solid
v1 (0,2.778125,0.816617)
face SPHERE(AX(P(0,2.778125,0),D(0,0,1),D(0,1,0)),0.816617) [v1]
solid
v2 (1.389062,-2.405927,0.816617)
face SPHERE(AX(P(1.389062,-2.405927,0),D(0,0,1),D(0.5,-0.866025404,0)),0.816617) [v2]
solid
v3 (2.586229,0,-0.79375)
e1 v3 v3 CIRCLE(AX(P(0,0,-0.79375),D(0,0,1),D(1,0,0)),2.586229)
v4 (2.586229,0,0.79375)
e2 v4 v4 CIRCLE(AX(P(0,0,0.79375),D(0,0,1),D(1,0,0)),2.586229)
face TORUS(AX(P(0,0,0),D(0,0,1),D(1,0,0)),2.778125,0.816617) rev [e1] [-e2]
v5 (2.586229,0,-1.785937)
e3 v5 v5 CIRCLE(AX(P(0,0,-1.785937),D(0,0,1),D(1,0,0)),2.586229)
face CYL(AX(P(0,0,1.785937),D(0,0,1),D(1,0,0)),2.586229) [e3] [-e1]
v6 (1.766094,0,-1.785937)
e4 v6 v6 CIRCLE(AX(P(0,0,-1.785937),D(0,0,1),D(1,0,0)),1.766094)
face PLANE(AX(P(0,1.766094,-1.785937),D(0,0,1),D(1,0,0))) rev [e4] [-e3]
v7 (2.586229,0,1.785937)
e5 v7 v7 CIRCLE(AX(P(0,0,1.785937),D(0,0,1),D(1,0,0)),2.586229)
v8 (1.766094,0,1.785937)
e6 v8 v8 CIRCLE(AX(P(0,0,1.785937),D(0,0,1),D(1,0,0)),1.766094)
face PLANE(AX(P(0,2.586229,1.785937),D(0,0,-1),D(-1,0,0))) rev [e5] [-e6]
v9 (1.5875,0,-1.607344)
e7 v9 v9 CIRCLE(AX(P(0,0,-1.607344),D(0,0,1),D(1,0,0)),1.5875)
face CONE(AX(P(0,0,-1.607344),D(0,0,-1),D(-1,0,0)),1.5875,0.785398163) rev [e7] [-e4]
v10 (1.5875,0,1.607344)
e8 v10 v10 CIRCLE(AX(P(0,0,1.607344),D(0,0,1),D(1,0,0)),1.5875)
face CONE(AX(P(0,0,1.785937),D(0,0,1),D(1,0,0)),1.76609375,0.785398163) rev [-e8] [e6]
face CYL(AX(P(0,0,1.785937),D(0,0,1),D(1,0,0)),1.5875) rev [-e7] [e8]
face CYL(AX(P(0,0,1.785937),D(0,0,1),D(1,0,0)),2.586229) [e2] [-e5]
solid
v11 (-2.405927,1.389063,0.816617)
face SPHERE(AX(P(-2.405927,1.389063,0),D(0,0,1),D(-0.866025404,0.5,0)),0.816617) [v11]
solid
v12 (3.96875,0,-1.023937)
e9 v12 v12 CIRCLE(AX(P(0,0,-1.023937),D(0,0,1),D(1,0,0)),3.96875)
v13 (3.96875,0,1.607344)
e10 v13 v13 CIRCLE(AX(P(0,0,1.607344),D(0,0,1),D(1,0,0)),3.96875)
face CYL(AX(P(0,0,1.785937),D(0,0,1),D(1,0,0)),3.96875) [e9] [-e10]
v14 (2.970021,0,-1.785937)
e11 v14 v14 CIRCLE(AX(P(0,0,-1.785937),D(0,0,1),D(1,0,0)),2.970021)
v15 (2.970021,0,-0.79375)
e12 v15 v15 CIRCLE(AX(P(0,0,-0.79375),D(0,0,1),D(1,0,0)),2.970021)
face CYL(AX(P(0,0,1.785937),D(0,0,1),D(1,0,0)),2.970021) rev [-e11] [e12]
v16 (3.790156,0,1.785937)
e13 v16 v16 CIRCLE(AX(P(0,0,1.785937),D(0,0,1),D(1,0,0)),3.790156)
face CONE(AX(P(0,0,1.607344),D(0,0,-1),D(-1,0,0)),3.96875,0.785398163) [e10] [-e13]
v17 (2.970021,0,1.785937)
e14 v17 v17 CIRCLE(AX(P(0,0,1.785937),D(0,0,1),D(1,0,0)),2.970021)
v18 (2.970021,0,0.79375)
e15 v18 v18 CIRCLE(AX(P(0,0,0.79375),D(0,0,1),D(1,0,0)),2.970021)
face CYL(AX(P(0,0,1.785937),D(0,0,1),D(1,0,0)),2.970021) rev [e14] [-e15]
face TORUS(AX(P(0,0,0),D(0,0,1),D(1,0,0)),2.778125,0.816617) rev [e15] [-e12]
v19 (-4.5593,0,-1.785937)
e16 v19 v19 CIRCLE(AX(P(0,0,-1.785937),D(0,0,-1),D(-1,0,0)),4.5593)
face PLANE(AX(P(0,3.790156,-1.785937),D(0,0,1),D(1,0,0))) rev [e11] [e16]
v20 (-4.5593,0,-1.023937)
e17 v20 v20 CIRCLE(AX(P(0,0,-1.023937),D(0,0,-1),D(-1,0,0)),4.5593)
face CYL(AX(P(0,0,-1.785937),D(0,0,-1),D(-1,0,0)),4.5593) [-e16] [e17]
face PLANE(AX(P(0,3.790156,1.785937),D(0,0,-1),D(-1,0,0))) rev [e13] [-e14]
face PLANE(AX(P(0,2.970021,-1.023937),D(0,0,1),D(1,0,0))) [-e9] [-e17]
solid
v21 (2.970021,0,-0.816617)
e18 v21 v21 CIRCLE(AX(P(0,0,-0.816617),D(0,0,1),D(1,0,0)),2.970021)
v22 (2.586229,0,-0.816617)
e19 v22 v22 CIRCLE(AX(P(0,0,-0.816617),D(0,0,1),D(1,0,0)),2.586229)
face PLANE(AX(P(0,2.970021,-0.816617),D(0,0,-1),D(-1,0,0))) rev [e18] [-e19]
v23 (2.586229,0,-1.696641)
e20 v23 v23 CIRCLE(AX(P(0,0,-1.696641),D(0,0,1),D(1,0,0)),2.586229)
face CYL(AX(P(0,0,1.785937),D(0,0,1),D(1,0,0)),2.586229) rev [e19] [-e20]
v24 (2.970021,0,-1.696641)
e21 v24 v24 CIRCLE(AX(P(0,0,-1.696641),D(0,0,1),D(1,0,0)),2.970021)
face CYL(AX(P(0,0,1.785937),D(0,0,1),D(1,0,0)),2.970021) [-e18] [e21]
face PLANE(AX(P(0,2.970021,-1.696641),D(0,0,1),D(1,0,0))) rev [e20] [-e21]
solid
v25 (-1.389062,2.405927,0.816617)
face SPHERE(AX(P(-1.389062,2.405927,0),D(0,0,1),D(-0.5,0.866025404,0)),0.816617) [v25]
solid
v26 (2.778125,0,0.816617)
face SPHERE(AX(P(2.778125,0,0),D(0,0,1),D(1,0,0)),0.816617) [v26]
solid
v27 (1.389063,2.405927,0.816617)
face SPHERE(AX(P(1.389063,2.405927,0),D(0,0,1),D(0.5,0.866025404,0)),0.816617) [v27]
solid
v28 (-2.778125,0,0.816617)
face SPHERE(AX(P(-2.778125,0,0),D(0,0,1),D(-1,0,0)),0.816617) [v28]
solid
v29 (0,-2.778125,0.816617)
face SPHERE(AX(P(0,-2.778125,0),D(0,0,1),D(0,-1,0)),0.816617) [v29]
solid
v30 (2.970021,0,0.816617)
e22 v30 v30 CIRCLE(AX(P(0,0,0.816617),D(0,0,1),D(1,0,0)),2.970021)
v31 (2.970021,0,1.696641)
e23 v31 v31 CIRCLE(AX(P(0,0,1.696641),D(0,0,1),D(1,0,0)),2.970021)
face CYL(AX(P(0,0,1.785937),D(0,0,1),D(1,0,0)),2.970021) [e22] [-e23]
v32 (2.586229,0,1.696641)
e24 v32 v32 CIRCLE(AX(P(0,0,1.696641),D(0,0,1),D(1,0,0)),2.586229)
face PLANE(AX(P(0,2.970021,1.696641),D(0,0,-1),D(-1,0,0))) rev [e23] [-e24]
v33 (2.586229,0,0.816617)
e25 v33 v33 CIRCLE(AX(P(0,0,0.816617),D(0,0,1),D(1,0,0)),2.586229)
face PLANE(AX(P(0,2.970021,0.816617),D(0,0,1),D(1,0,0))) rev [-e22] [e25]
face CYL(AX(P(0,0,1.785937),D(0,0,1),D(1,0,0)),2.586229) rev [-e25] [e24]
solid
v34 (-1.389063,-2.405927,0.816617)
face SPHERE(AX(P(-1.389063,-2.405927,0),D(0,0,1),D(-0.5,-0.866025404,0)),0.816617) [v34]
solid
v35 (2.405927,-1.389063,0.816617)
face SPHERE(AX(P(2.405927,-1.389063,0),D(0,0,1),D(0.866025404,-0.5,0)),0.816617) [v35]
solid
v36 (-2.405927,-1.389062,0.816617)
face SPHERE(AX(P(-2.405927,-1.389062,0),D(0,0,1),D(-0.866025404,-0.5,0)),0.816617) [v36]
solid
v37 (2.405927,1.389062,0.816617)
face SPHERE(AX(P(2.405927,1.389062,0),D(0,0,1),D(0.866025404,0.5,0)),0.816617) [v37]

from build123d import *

# Parameters (mm, degrees)
CIRPATTERN1_COUNT = 12
SKETCH5_W         = 0.880023833
SKETCH5_H         = 0.383791208
SKETCH6_W         = 0.762
SKETCH6_H         = 1.589279396


with BuildPart() as part:
    # Sketch1 → Revolve1 (revolve)
    with BuildSketch(Plane(origin=(0, 0, 0), x_dir=(0, 0, -1), z_dir=(1, 0, 0))):
        with BuildLine():
            Line((1.60734375, 3.96875), (-1.60734375, 3.96875))
            Line((-1.60734375, 3.96875), (-1.7859375, 3.79015625))
            Line((-1.7859375, 3.79015625), (-1.7859375, 2.970020604))
            Line((-1.7859375, 2.970020604), (-0.79375, 2.970020604))
            ThreePointArc((-0.79375, 2.970020604), (0, 3.594741792), (0.79375, 2.970020604))
            Line((0.79375, 2.970020604), (1.7859375, 2.970020604))
            Line((1.7859375, 2.970020604), (1.7859375, 3.79015625))
            Line((1.7859375, 3.79015625), (1.60734375, 3.96875))
        make_face()
    revolve(axis=Axis((0, 0, 1.7859375), (0, 0, -1)))

    # Sketch6 → Revolve6 (revolve)
    with BuildSketch(Plane(origin=(0, 0, 0), x_dir=(0, 0, -1), z_dir=(1, 0, 0))):
        with Locations((1.4049375, 3.764660302)):
            Rectangle(SKETCH6_W, SKETCH6_H)
    revolve(axis=Axis((0, 0, -1.7859375), (0, 0, 1)))


with BuildPart() as body_2:
    # Sketch3 → Revolve3 (revolve)
    with BuildSketch(Plane(origin=(0, 0, 0), x_dir=(0, 0, -1), z_dir=(1, 0, 0))):
        with BuildLine():
            Line((-1.7859375, 2.586229396), (-0.79375, 2.586229396))
            ThreePointArc((-0.79375, 2.586229396), (0, 1.961508208), (0.79375, 2.586229396))
            Line((0.79375, 2.586229396), (1.7859375, 2.586229396))
            Line((1.7859375, 2.586229396), (1.7859375, 1.76609375))
            Line((1.7859375, 1.76609375), (1.60734375, 1.5875))
            Line((1.60734375, 1.5875), (-1.60734375, 1.5875))
            Line((-1.60734375, 1.5875), (-1.7859375, 1.76609375))
            Line((-1.7859375, 1.76609375), (-1.7859375, 2.586229396))
        make_face()
    revolve(axis=Axis((0, 0, 1.7859375), (0, 0, -1)))


with BuildPart() as body_3:
    # Sketch4 → Revolve4 (revolve)
    with BuildSketch(Plane(origin=(0, 0, 0), x_dir=(0, 0, -1), z_dir=(1, 0, 0))):
        with BuildLine():
            Line((-0.816616792, 2.778125), (0.816616792, 2.778125))
            ThreePointArc((0.816616792, 2.778125), (0, 3.594741792), (-0.816616792, 2.778125))
        make_face()
    revolve(axis=Axis((0, 2.778125, 0.816616792), (0, 0, -1)))


with BuildPart() as cirpattern1_1:
    # CirPattern1: pattern copy
    add(body_3.part.rotate(Axis((0, 0, -1.7859375), (0, 0, 1)), 1 * 360 / CIRPATTERN1_COUNT))


with BuildPart() as cirpattern1_2:
    # CirPattern1: pattern copy
    add(body_3.part.rotate(Axis((0, 0, -1.7859375), (0, 0, 1)), 2 * 360 / CIRPATTERN1_COUNT))


with BuildPart() as cirpattern1_3:
    # CirPattern1: pattern copy
    add(body_3.part.rotate(Axis((0, 0, -1.7859375), (0, 0, 1)), 3 * 360 / CIRPATTERN1_COUNT))


with BuildPart() as cirpattern1_4:
    # CirPattern1: pattern copy
    add(body_3.part.rotate(Axis((0, 0, -1.7859375), (0, 0, 1)), 4 * 360 / CIRPATTERN1_COUNT))


with BuildPart() as cirpattern1_5:
    # CirPattern1: pattern copy
    add(body_3.part.rotate(Axis((0, 0, -1.7859375), (0, 0, 1)), 5 * 360 / CIRPATTERN1_COUNT))


with BuildPart() as cirpattern1_6:
    # CirPattern1: pattern copy
    add(body_3.part.rotate(Axis((0, 0, -1.7859375), (0, 0, 1)), 6 * 360 / CIRPATTERN1_COUNT))


with BuildPart() as cirpattern1_7:
    # CirPattern1: pattern copy
    add(body_3.part.rotate(Axis((0, 0, -1.7859375), (0, 0, 1)), 7 * 360 / CIRPATTERN1_COUNT))


with BuildPart() as cirpattern1_8:
    # CirPattern1: pattern copy
    add(body_3.part.rotate(Axis((0, 0, -1.7859375), (0, 0, 1)), 8 * 360 / CIRPATTERN1_COUNT))


with BuildPart() as cirpattern1_9:
    # CirPattern1: pattern copy
    add(body_3.part.rotate(Axis((0, 0, -1.7859375), (0, 0, 1)), 9 * 360 / CIRPATTERN1_COUNT))


with BuildPart() as cirpattern1_10:
    # CirPattern1: pattern copy
    add(body_3.part.rotate(Axis((0, 0, -1.7859375), (0, 0, 1)), 10 * 360 / CIRPATTERN1_COUNT))


with BuildPart() as cirpattern1_11:
    # CirPattern1: pattern copy
    add(body_3.part.rotate(Axis((0, 0, -1.7859375), (0, 0, 1)), 11 * 360 / CIRPATTERN1_COUNT))


with BuildPart() as body_15:
    # Sketch5 → Revolve5 (revolve)
    with BuildSketch(Plane(origin=(0, 0, 0), x_dir=(0, 0, -1), z_dir=(1, 0, 0))):
        with Locations((-1.256628709, 2.778125)):
            Rectangle(SKETCH5_W, SKETCH5_H)
        with Locations((1.256628709, 2.778125)):
            Rectangle(SKETCH5_W, SKETCH5_H)
    revolve(axis=Axis((0, 0, 1.7859375), (0, 0, -1)))


solid = Compound([part.part, body_2.part, body_3.part, cirpattern1_1.part, cirpattern1_2.part, cirpattern1_3.part, cirpattern1_4.part, cirpattern1_5.part, cirpattern1_6.part, cirpattern1_7.part, cirpattern1_8.part, cirpattern1_9.part, cirpattern1_10.part, cirpattern1_11.part, body_15.part])
